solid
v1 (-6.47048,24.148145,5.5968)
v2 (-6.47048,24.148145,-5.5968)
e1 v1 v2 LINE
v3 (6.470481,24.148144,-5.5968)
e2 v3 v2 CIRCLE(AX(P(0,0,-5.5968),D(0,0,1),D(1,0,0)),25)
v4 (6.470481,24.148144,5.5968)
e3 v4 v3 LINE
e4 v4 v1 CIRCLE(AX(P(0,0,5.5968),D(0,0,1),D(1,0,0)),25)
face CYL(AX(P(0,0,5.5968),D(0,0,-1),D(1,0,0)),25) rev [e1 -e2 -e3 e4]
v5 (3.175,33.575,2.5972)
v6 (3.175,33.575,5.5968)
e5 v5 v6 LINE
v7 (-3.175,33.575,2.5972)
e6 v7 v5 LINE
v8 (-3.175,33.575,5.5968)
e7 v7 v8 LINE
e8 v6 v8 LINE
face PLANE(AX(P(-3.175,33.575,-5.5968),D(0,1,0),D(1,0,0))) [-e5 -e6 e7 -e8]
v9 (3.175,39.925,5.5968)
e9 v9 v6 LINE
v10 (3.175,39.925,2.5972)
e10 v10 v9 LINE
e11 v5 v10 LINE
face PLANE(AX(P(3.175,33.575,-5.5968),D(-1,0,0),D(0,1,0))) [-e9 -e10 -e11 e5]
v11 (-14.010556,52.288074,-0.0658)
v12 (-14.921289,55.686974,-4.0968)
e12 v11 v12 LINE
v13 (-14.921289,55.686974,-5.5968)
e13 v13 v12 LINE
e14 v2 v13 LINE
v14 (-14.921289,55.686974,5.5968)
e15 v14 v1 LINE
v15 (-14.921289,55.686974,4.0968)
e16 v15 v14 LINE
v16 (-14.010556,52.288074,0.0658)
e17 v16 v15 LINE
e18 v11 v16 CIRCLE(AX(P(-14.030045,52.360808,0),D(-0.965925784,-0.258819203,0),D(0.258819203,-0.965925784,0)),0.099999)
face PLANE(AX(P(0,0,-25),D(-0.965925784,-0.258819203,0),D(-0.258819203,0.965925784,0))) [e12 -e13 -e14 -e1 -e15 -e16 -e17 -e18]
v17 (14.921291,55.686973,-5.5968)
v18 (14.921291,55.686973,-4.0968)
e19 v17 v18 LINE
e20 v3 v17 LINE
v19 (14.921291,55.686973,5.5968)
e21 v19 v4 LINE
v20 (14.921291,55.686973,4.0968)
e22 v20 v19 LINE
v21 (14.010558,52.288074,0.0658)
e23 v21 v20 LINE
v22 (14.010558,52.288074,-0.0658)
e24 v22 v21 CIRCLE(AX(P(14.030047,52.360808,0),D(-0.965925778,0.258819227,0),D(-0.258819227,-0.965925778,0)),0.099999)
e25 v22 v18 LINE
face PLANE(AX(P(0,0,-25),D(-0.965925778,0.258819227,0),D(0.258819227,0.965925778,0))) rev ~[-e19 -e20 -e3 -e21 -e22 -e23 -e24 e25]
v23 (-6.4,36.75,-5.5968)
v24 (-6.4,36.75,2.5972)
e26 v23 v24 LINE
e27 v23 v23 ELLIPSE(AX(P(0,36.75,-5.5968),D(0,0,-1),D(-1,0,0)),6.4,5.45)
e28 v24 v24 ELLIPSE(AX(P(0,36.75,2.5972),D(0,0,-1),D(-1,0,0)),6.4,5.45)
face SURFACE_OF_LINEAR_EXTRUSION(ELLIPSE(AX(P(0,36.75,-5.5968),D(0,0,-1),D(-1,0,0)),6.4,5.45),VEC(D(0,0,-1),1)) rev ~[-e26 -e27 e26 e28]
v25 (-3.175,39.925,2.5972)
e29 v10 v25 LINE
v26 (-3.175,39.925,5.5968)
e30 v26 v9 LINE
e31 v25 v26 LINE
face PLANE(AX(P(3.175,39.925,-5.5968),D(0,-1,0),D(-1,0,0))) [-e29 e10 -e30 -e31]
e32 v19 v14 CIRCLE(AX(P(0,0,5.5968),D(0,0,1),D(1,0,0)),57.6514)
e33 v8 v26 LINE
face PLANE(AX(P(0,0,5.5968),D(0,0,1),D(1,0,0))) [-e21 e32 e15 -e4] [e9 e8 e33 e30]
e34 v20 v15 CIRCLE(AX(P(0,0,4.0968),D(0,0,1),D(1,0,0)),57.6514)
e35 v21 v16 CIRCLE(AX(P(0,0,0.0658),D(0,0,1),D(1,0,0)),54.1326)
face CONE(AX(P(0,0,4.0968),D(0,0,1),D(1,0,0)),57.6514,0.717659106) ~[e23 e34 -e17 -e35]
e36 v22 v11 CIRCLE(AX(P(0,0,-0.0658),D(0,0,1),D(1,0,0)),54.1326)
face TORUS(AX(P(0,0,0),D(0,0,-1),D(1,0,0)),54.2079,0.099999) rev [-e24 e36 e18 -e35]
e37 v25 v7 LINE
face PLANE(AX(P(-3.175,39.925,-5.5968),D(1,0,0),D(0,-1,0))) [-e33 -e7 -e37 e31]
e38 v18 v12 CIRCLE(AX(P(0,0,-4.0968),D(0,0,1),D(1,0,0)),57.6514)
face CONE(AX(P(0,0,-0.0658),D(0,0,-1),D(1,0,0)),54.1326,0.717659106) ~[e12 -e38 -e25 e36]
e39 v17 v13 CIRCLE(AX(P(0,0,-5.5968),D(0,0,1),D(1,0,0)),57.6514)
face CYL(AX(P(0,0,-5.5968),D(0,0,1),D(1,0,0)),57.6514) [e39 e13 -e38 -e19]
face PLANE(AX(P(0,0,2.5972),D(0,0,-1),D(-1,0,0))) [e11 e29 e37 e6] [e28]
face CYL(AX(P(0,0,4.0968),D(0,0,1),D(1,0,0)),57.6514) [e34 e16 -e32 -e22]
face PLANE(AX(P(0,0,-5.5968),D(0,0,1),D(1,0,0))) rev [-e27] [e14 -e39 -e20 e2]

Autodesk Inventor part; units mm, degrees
ref_plane "YZ Plane" through (0, 0, 0) normal (1, 0, 0) x (0, 1, 0)
ref_plane "XZ Plane" through (0, 0, 0) normal (0, 1, 0) x (-1, 0, 0)
sketch "Sketch1" plane through (0, 0, 0) normal (0, 0, 1) x (1, 0, 0)
  circle A0 centre (0, 0) radius 59.2469 construction
  line L0 (0, 0) -> (59.2469, 0)
  line L1 (0, 0) -> (59.2469, 4.025)
  line L2 (59.2469, 0) -> (59.2469, 4.025)
  circle A1 centre (0, 0) radius 75
  point P0 (56.8, 0)
  dimension "d56" = 59.2469
  dimension "d57" = 4.025
  dimension "d400" = 75
  dimension "d495" = 2.5
  dimension "d496" = 8
  dimension "d531" = 5.5
  dimension "d532" = 5.5
  dimension "d533" = 5.5
  dimension "d537" = 24.5
  dimension "d538" = 3
  dimension "d543" = 5.5
  dimension "d549" = 3
  dimension "d550" = 3
  dimension "d567" = 5.5
  dimension "d568" = 5.5
sketch "Sketch7" plane through (0, 0, 0) normal (0, 1, 0) x (-1, 0, 0)
  line L0 (0, 0) -> (0, 61.9844)
  line L1 (0, 0) -> (-59.2469, 0) construction
  line L2 (0, 61.9844) -> (-59.2469, 0) construction
  line L3 (0, 61.9844) -> (-64.8494, 0) construction
  line L4 (0, 61.9844) -> (-58.9939, -5.5968) construction
  line L5 (0, 0) -> (0, -61.9844)
  line L6 (0, -61.9844) -> (-59.2469, 0) construction
  line L7 (0, -61.9844) -> (-64.8494, 0) construction
  line L8 (0, -61.9844) -> (-58.9939, 5.5968) construction
  line L9 (-58.9939, 5.5968) -> (-64.8494, 0) construction
  line L10 (-54.1083, 0) -> (-62.8579, -8.363) construction
  line L11 (-54.1083, 0) -> (-38.773, -14.6579) construction
  line L12 (0, -94.3812) -> (0, 132.3969) projected
  line L13 (-75, -5.9919) -> (-75, 6.008)
  line L14 (105, 0) -> (-105, 0) projected
  line L15 (-62.0481, 2.6775) -> (-56.4456, -2.6775) construction
  line L16 (-56.4456, 2.6775) -> (-62.0481, -2.6775) construction
  line L17 (-26.151, -15.9303) -> (-40.3783, -15.9303) construction
  line L18 (-40.3783, -15.9303) -> (-40.3783, -12.7539) construction
  line L19 (-40.3783, -12.7539) -> (-26.151, -12.7539) construction
  line L20 (-26.151, -12.7539) -> (-26.151, -15.9303) construction
  point P0 (-75, 0)
  dimension "Roller_Side_difference" = -0.0002
  dimension "d90" = 61.9844
  dimension "d201" = 75
  dimension "d343" = 92.587
  dimension "d344" = 92.588
  dimension "d367" = 8.1
sketch "Roller1" plane through (0, 0, 0) normal (0, 1, 0) x (-1, 0, 0)
  line L0 (0, 61.9844) -> (-58.9939, -5.5968) construction
  line L1 (0, 61.9844) -> (-64.8494, 0) construction
  line L2 (-54.1083, 0) -> (-38.773, -14.6579) construction
  line L3 (0, -61.9844) -> (-64.8494, 0) construction
  line L4 (-54.0606, 0.0927) -> (-58.9462, -5.5041)
  line L5 (-58.9462, -5.5041) -> (-64.7589, 0.0519)
  line L6 (-64.7589, 0.0519) -> (-59.3884, 5.1851)
  line L7 (-59.3884, 5.1851) -> (-54.0606, 0.0927)
  line L8 (-56.0019, 1.9482) -> (-61.1299, -3.4168)
  line L9 (-61.8526, -2.7261) -> (-56.7246, 2.639)
  point P0 (0, 0)
  dimension "d345" = 0.025
  dimension "d346" = 0.025
  dimension "d347" = 0.1
  dimension "d348" = 0.1
  dimension "d349" = 272.588
  dimension "d350" = 272.587
  dimension "d617" = 0.9997
sketch "Roller2" plane through (0, 0, 0) normal (0, 1, 0) x (-1, 0, 0)
  line L0 (0, -61.9844) -> (-58.9939, 5.5968) construction
  line L1 (-54.1083, 0) -> (-62.8579, -8.363) construction
  line L2 (0, -61.9844) -> (-64.8494, 0) construction
  line L3 (0, 61.9844) -> (-64.8494, 0) construction
  line L4 (-58.9956, 5.5606) -> (-54.1429, 0.0016)
  line L5 (-54.1429, 0.0016) -> (-59.4789, -5.0987)
  line L6 (-59.4789, -5.0987) -> (-64.8132, 0)
  line L7 (-64.8132, 0) -> (-58.9956, 5.5606)
  line L8 (-61.9044, 2.7803) -> (-56.8109, -2.5486)
  line L9 (-61.1815, 3.4713) -> (-56.088, -1.8576)
  point P0 (0, 0)
  dimension "d351" = 0.025
  dimension "d352" = 0.025
  dimension "d354" = 0.025
  dimension "d355" = 92.587
  dimension "d356" = 92.588
  dimension "d370" = 0.025
  dimension "d371" = 1
sketch "Sketch22" plane through (0, 0, 0) normal (0, 1, 0) x (-1, 0, 0)
  line L0 (-31.756, 8.0215) -> (-17.5287, 8.0215) construction
  line L1 (-17.5287, 8.0215) -> (-17.5287, 4.8451) construction
  line L2 (-17.5287, 4.8451) -> (-31.756, 4.8451) construction
  line L3 (-31.756, 4.8451) -> (-31.756, 8.0215) construction
  point P0 (0, 0)
  dimension "Roller_Side_difference" = -0.0002
sketch "Sketch2" plane through (0, 0, 0) normal (0, 1, 0) x (-1, 0, 0)
  line L0 (0, 0) -> (0, 59.2469) construction
  line L1 (0, 0) -> (-59.2469, 0) projected
  line L2 (0, 0) -> (0, -59.2469)
  line L3 (0, -59.2469) -> (-59.2469, 0) construction
  line L4 (0, 59.2469) -> (-59.2469, 0) construction
  line L5 (-50.4879, 53.555) -> (0, 59.2469) construction
  line L6 (-29.7354, 7.189) -> (0, 59.2469) construction
  line L7 (-29.7354, 7.189) -> (0, -59.2469) construction
  line L8 (-48.8381, -26.254) -> (0, -59.2469) construction
  point P0 (-40.4258, 18.8211)
sketch "Sketch23" plane through (0, 0, 0) normal (0, 1, 0) x (-1, 0, 0)
  line L0 (0, -61.9844) -> (-58.9939, 5.5968) construction
  line L1 (0, -61.9844) -> (-64.8494, 0) construction
  line L2 (0, 61.9844) -> (-58.9939, -5.5968) construction
  line L3 (-58.9939, 5.5968) -> (-64.8494, 0) construction
  line L4 (0, 61.9844) -> (-64.8494, 0) construction
  line L5 (-58.9939, 5.5968) -> (-58.9939, -5.5968) construction
  line L6 (105, 0) -> (-105, 0) projected
  line L7 (-57.6514, 4.0968) -> (-54.1326, 0.0658)
  line L8 (-54.1326, -0.0658) -> (-57.6514, -4.0968)
  line L9 (-60.5995, 4.0968) -> (-64.81, 0.0723)
  line L10 (-64.81, -0.0723) -> (-60.5995, -4.0968)
  arc A0 (-64.81, 0.0723) -> (-64.81, -0.0723) centre (-64.7409, 0) ccw
  arc A1 (-54.1326, -0.0658) -> (-54.1326, 0.0658) centre (-54.2079, 0) ccw
  line L11 (-57.6514, 4.0968) -> (-57.6514, 5.5968)
  line L12 (-57.6514, 5.5968) -> (-25, 5.5968)
  line L13 (-25, 5.5968) -> (-25, -5.5968)
  line L14 (-25, -5.5968) -> (-57.6514, -5.5968)
  line L15 (-57.6514, -5.5968) -> (-57.6514, -4.0968)
  line L16 (-60.5995, 4.0968) -> (-60.5995, 5.5968)
  line L17 (-60.5995, 5.5968) -> (-75, 5.5968)
  line L18 (-75, 5.5968) -> (-75, -5.5968)
  line L19 (-60.5995, -4.0968) -> (-60.5995, -5.5968)
  line L20 (-60.5995, -5.5968) -> (-75, -5.5968)
  line L21 (-58.9939, 5.5968) -> (-58.9939, 5.5968)
  line L22 (-58.9939, -5.5968) -> (-58.9939, -5.5968)
  line L23 (0, -94.3812) -> (0, 132.3969) projected
  line L24 (-64.8856, 0) -> (-75, 0)
  point P0 (0, 0)
  point P1 (-54.0752, 0)
  point P2 (-64.8409, 0)
  point P3 (-75, 0)
  dimension "d378" = 90
  dimension "d379" = 0.1
  dimension "d380" = 0.025
  dimension "d381" = 0.025
  dimension "d382" = 0.025
  dimension "d383" = 0.025
  dimension "d384" = 11.1935
  dimension "d385" = 0
  dimension "d386" = 0
  dimension "d391" = 25
  dimension "d392" = 75
  dimension "d393" = 1.5
  dimension "d394" = 1.5
  dimension "d395" = 1.5
  dimension "d396" = 1.5
revolve "RevRoller1" [suppressed]
fillet "Fillet1" [suppressed]
sketch "Sketch48" plane through (56.7246, 0, 2.639) normal (-0.691, 0, 0.7229) x (0.7229, 0, 0.691)
  line L0 (-2.5, 0.25) -> (2.5, 0.25)
  line L1 (2.5, 0.25) -> (2.5, -0.25)
  line L2 (2.5, -0.25) -> (-2.5, -0.25)
  line L3 (-2.5, -0.25) -> (-2.5, 0.25)
  line L4 (-2.5, 0.25) -> (2.5, -0.25) construction
  line L5 (2.5, 0.25) -> (-2.5, -0.25) construction
  line L6 (-0.25, -2.5) -> (0.25, -2.5)
  line L7 (0.25, -2.5) -> (0.25, 2.5)
  line L8 (0.25, 2.5) -> (-0.25, 2.5)
  line L9 (-0.25, 2.5) -> (-0.25, -2.5)
  line L10 (-0.25, -2.5) -> (0.25, 2.5) construction
  line L11 (0.25, -2.5) -> (-0.25, 2.5) construction
  point P0 (-42.8293, 0)
  point P1 (0, 0)
  point P2 (-0.25, 0.25)
  point P3 (-0.25, -0.25)
  point P4 (0.25, -0.25)
  point P5 (0.25, 0.25)
  dimension "d621" = 5
  dimension "d622" = 0.5
  dimension "d623" = 0.5
  dimension "d624" = 5
extrude "Extrusion39" [suppressed]
sketch "Sketch40" plane through (0, 0, -5.231) normal (0, 0, -1) x (-1, 0, 0)
  circle A0 centre (53.5, 0) radius 2.75 projected
  circle A1 centre (0, 0) radius 53.5 projected
  point P0 (53.4293, 2.7491)
  point P1 (53.4293, -2.7491)
  dimension "d585" = 8
  dimension "d587" = 1.75
  dimension "d589" = 3
  dimension "d592" = 2
  dimension "d593" = 12
  dimension "d594" = 12
  dimension "d611" = 360
pattern_circular "Circular Pattern13" [suppressed]
feature "Move Body7" [suppressed]
revolve "Revolution13" [suppressed]
fillet "Fillet3" [suppressed]
pattern_circular "Circular Pattern14" [suppressed]
feature "Move Body6" [suppressed]
revolve "Revolution14" add sketch "Sketch23" angle 360 about axis through (0, 0, -10) along (0, 0, 1) contours A1 L7 L11 L12 L13 L6 | L6 L13 L14 L15 L8 A1
revolve "OuterRim_Top2" [suppressed]
revolve "OuterRim_Bottom2" [suppressed]
ref_plane "Work Plane8" through (0, 0, 20) normal (0, 0, 1) x (1, 0, 0)
sketch "Sketch49" plane through (0, 0, 20) normal (0, 0, 1) x (1, 0, 0)
  circle A0 centre (0, 0) radius 75 projected
  circle A1 centre (0, 0) radius 60.5995 projected
  circle A2 centre (0, 0) radius 57.6514 projected
  circle A3 centre (0, 0) radius 25 projected
  circle A4 centre (0, 0) radius 69
  circle A5 centre (0, 0) radius 36.75
  point P0 (0, 69)
  point P1 (0, 36.75)
  point P2 (-40.5572, 55.8222)
  dimension "d629" = 69
  dimension "d630" = 73.5
  dimension "d649" = 36
sketch "Sketch50" plane through (0, 0, 5.5968) normal (0, 0, 1) x (1, 0, 0)
  point P0 (0, 0)
  point P1 (0, 69)
sketch "Sketch51" plane through (0, 0, -5.5968) normal (0, 0, -1) x (-1, 0, 0)
  circle A0 centre (0, 0) radius 75 projected
  circle A1 centre (0, 69) radius 2.75
  circle A2 centre (0, 69) radius 1.5
  circle A3 centre (-40.5572, 55.8222) radius 3.5
  circle A4 centre (-40.5572, 55.8222) radius 2
  dimension "d633" = 36
  dimension "d635" = 5.5
  dimension "d636" = 3
  dimension "d637" = 7
  dimension "d638" = 4
extrude "Extrusion40" [suppressed]
extrude "Extrusion41" [suppressed]
extrude "Extrusion42" [suppressed]
extrude "Extrusion43" [suppressed]
sketch "Sketch52" plane through (0, 0, 5.5968) normal (0, 0, 1) x (1, 0, 0)
  circle A0 centre (0, 69) radius 1.5
  circle A1 centre (-40.5572, 55.8222) radius 2
  line L0 (2.75, 67.4123) -> (0, 65.8246)
  line L1 (0, 65.8246) -> (-2.75, 67.4123)
  line L2 (-2.75, 67.4123) -> (-2.75, 70.5877)
  line L3 (-2.75, 70.5877) -> (0, 72.1754)
  line L4 (0, 72.1754) -> (2.75, 70.5877)
  line L5 (2.75, 70.5877) -> (2.75, 67.4123)
  circle A2 centre (0, 0) radius 75 projected
  line L6 (-39.2656, 58.7231) -> (-37.3992, 56.1541)
  line L7 (-36.5379, 56.2446) -> (-38.1817, 52.5526)
  line L8 (-38.1817, 52.5526) -> (-42.201, 52.1301)
  line L9 (-42.201, 52.1301) -> (-44.5765, 55.3997)
  line L10 (-44.5765, 55.3997) -> (-42.9327, 59.0918)
  line L11 (-42.9327, 59.0918) -> (-38.9134, 59.5142)
  line L12 (-38.9134, 59.5142) -> (-36.5379, 56.2446)
  dimension "d651" = 3
  dimension "d652" = 4
  dimension "d655" = 36
  dimension "d657" = 7
  dimension "d658" = 5.5
extrude "Extrusion44" [suppressed]
extrude "Extrusion45" [suppressed]
extrude "Extrusion46" [suppressed]
extrude "Extrusion47" [suppressed]
pattern_circular "Circular Pattern32" [suppressed]
pattern_circular "Circular Pattern33" [suppressed]
sketch "Sketch57" plane through (0, 0, -5.5968) normal (0, 0, -1) x (-1, 0, 0)
  line L0 (-3.175, 39.925) -> (3.175, 39.925)
  line L1 (3.175, 39.925) -> (3.175, 33.575)
  line L2 (3.175, 33.575) -> (-3.175, 33.575)
  line L3 (-3.175, 33.575) -> (-3.175, 39.925)
  line L4 (-3.175, 39.925) -> (3.175, 33.575) construction
  line L5 (3.175, 39.925) -> (-3.175, 33.575) construction
  ellipse E0 centre (0, 36.75) end of major axis (6.4, 36.75) minor radius 5.45
  point P0 (0, 0)
  dimension "d694" = 6.35
  dimension "d695" = 6.35
  dimension "d696" = 6.4
  dimension "d697" = 5.45
extrude "Extrusion50" cut sketch "Sketch57" against normal blind 11.194 contours L0 L1 L2 L3
extrude "Extrusion51" cut sketch "Sketch57" against normal blind 8.194 contours L0 L1 L2 L3 | E0
pattern_circular "Circular Pattern34" count 6 over 360 about axis through (0, 0, -4.8468) along (0, 0, 1) of "Extrusion50", "Extrusion51"
ref_plane "Work Plane9" through (0, 0, -25) normal (0, 0, 1) x (1, 0, 0)
sketch "Sketch58" plane through (0, 0, -25) normal (0, 0, 1) x (1, 0, 0)
  line L0 (0, 0) -> (0, 94.5267)
  line L1 (0, 94.5267) -> (0, 0)
  line L2 (0, 0) -> (-27.705, 103.3964)
  line L3 (0, 0) -> (25.7729, 96.1857)
  circle A0 centre (0, 0) radius 95.9893
  point P0 (-24.8439, 92.7185)
  point P1 (24.8439, 92.7185)
  dimension "d706" = 15
  dimension "d707" = 15
extrude "Extrusion52" cut sketch "Sketch58" along normal through all contours L3 A0 L2 picked at (37.9953, -51.2872)
equation "\"Roller_Side_difference\" = -0.000942deg"
equation "\"Cycloid_Top_Plate_Fasner_Inner\" = 61.25"
equation "\"Cycloid_Top_Plate_Fasner_Outer\" = 85.75"
equation "\"Roller_Hole_Radius\" = 1"
equation "\"Distance_To_Bearing\" = 85.74529"
equation "\"d514\" = 0.2"
equation "\"Machine_Screw_4mm_Head_Dept\" = 4"
equation "\"Machine_Screw_4mm_Head_Diameter\" = 7"
equation "\"Machine_Screw_4mm_HexNut_Thickness\" = 3"
equation "\"Machine_Screw_4mm_HexNut_Width\" = 6.9"
equation "\"Machine_Screw_4mm_Length\" = 8"
equation "\"Fastner_4mm_Hex_Nut_Width\" = 7"
equation "\"Fastner_4mm_Screw_Diameter\" = 4"
equation "\"Fastner_4mm_Screw_Head_Diameter\" = 7"
equation "\"Fastner_4mm_Hex_Nut_Hole_Dept\" = 3.19352"
equation "\"Fastner_4mm_Screw_Head_Hole_Dept\" = 4"
properties part number "Section_Left_OuterBearing_TBS"
